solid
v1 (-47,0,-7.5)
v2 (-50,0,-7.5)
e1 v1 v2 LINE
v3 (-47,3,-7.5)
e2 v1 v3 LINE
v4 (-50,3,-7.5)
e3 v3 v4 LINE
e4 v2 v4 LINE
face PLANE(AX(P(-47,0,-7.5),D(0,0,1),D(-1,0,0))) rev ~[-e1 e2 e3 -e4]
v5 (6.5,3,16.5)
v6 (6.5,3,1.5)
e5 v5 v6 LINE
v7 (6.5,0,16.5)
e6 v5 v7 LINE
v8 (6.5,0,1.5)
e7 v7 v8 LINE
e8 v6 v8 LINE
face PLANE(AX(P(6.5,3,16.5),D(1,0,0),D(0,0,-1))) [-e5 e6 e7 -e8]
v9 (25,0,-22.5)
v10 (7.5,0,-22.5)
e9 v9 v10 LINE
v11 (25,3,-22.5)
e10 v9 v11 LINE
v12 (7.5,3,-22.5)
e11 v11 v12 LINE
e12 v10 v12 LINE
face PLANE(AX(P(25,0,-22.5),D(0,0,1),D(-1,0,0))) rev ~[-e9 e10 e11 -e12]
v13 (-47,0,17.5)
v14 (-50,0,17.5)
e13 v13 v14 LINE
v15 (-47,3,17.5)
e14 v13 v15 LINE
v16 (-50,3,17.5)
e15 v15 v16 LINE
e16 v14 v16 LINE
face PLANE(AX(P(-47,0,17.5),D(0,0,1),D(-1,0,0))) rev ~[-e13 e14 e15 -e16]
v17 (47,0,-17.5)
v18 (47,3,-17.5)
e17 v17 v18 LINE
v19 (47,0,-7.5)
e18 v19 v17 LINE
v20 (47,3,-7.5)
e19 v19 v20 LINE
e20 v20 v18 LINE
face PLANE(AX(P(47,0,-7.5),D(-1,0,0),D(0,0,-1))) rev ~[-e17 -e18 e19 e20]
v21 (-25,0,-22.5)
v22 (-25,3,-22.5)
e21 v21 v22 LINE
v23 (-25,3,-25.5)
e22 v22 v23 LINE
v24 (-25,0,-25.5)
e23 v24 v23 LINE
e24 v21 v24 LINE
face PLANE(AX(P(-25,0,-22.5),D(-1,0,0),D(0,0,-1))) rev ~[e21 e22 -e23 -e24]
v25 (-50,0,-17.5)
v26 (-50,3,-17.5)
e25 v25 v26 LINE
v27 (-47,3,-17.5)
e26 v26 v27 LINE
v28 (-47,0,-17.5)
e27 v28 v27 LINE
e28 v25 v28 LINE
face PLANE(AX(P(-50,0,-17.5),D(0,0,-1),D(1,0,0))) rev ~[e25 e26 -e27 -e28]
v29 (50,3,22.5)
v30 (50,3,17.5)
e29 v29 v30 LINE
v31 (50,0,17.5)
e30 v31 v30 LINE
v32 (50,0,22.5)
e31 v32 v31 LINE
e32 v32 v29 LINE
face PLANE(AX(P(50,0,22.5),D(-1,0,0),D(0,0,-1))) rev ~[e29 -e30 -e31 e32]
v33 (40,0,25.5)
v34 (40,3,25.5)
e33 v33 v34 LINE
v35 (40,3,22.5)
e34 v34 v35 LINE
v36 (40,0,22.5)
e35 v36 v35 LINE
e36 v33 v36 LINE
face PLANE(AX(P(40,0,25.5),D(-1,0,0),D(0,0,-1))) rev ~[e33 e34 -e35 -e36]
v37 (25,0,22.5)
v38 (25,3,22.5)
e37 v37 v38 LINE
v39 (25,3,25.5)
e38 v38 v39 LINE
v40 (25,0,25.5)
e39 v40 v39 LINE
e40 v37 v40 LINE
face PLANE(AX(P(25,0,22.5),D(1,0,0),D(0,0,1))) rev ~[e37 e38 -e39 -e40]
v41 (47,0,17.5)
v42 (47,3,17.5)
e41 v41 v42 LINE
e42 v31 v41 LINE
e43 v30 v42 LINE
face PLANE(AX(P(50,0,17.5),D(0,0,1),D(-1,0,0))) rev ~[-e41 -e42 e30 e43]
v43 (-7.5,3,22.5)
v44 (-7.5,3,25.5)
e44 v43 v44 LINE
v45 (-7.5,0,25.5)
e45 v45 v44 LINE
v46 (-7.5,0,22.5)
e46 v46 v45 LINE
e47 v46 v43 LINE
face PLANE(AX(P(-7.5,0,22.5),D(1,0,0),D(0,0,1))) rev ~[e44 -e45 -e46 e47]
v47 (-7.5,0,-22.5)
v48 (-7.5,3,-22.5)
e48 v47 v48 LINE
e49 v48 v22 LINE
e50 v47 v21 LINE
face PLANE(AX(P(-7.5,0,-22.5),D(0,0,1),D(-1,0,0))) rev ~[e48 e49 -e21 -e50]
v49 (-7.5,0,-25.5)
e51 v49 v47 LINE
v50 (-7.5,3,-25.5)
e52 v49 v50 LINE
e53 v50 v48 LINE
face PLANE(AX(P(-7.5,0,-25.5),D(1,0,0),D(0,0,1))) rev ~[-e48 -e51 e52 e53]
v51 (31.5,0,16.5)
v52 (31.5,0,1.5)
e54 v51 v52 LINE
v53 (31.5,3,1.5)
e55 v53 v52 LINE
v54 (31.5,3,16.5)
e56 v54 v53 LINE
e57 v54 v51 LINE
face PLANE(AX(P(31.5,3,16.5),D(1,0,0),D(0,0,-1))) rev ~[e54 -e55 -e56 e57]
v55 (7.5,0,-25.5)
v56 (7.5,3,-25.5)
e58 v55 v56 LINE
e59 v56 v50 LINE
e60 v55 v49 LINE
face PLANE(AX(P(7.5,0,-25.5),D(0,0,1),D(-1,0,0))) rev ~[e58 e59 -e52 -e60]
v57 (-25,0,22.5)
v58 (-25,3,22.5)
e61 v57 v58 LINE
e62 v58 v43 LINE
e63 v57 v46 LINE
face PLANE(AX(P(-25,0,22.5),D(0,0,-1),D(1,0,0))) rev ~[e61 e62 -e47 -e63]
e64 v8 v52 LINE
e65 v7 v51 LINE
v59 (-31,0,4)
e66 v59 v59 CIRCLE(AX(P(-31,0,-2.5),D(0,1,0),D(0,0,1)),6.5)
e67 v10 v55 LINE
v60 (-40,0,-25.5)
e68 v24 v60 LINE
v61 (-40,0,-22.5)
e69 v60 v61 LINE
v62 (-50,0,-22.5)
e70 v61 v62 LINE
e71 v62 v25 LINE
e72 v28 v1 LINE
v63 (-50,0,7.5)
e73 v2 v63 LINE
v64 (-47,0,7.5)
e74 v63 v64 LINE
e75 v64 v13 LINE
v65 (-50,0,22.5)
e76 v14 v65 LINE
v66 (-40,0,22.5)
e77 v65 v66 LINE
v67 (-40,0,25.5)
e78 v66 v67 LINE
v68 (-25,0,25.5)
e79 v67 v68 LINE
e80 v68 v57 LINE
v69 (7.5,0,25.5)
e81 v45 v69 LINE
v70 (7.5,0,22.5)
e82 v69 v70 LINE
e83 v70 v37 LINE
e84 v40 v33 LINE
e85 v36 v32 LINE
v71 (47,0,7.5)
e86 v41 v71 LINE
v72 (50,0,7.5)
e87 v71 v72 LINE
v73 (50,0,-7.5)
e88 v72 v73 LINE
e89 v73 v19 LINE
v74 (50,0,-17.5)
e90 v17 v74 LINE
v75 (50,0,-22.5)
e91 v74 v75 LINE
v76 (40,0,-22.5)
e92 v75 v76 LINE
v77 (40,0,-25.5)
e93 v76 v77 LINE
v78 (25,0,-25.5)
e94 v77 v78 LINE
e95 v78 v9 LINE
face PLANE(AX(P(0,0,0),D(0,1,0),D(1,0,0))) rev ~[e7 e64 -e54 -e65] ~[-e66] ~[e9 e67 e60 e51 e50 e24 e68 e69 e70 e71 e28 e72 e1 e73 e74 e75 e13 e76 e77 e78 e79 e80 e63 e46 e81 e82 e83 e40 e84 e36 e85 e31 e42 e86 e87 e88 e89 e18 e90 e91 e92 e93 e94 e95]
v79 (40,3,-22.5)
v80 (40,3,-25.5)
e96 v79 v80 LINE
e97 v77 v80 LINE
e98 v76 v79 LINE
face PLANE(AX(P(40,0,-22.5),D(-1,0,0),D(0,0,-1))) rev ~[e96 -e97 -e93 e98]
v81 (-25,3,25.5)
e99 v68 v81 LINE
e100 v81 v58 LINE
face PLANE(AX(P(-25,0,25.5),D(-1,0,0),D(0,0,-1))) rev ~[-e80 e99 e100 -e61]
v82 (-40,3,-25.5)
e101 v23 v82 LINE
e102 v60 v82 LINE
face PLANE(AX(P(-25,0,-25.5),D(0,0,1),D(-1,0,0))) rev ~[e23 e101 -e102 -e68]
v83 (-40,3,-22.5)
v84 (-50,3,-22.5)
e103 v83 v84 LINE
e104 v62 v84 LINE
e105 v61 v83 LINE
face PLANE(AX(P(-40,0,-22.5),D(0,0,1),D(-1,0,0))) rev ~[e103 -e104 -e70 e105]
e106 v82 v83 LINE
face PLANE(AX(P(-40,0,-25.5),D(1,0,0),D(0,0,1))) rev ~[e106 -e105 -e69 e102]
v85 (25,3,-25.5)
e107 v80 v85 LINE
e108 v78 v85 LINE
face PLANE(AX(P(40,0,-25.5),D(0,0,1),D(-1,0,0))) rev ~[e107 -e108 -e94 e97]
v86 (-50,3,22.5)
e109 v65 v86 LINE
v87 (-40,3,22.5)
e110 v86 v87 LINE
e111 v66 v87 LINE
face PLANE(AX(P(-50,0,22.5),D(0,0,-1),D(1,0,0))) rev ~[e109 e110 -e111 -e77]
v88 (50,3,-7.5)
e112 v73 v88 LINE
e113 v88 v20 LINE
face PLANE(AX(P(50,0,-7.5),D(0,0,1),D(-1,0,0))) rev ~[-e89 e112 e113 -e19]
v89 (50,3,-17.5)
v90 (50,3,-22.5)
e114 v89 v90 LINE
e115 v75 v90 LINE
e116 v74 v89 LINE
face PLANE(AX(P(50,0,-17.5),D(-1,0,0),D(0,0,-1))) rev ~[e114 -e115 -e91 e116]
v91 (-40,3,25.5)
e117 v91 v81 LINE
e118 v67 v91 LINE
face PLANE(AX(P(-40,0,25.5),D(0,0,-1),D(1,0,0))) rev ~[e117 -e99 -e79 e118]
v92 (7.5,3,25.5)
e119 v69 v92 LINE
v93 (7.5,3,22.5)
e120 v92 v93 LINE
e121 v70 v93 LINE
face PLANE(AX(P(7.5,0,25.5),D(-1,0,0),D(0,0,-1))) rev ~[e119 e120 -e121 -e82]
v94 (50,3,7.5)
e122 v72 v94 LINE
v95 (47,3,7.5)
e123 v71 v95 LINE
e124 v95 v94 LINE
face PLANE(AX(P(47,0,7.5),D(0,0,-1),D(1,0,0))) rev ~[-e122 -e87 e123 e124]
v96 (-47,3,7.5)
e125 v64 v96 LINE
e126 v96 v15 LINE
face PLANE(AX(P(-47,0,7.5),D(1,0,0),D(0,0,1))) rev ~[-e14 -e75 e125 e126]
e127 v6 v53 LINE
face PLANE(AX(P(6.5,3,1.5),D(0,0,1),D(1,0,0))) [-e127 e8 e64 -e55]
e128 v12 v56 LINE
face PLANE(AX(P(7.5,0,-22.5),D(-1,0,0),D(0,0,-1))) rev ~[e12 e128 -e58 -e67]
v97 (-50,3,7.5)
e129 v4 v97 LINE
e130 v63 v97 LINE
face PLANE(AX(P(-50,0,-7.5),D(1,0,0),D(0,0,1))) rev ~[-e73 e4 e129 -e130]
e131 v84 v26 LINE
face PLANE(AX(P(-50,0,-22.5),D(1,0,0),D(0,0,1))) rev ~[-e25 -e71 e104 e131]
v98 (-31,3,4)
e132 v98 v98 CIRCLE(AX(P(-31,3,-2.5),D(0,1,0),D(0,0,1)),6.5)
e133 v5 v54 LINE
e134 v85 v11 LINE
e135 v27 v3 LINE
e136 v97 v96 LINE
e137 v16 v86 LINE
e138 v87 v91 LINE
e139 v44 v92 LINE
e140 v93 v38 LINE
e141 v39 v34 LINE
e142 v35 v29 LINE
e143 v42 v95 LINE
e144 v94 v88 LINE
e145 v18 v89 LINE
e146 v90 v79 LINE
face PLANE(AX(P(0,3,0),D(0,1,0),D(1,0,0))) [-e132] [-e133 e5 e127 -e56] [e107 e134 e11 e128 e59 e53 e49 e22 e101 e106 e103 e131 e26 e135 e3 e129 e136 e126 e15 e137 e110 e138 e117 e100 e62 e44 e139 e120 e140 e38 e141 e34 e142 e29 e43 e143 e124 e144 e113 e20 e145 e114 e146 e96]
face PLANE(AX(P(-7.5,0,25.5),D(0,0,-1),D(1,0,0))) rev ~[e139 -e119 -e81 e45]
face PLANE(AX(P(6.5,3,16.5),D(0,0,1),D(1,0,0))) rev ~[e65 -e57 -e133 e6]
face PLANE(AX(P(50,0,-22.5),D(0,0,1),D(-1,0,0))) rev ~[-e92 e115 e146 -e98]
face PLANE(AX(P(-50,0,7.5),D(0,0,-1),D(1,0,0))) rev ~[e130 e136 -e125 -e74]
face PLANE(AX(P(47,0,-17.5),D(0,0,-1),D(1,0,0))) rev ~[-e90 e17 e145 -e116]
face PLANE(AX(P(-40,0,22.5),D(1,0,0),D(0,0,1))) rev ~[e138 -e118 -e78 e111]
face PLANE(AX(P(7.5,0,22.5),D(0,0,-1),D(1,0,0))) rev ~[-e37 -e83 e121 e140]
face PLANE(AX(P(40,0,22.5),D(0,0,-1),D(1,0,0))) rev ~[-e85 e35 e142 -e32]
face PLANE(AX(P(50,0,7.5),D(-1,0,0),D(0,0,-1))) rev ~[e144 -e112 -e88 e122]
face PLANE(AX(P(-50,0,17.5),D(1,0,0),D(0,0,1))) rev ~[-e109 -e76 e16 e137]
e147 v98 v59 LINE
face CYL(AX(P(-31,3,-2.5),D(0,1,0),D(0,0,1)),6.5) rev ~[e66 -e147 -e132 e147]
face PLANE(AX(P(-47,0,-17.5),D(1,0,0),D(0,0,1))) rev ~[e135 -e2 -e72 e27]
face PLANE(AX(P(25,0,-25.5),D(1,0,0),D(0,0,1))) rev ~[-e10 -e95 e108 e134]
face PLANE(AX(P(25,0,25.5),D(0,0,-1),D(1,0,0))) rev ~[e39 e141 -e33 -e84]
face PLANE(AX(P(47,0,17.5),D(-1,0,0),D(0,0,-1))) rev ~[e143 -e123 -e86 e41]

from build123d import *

# Parameters (mm, degrees)
EXTRUDE_1_DEPTH     = 3
SKETCH_2_R          = 6.5
SKETCH_2_W          = 25
SKETCH_2_H          = 15
CUT_EXTRUDE_1_DEPTH = 57.207205944


with BuildPart() as part:
    # 草图1 → 凸台-拉伸1 (new body)
    with BuildSketch(Plane(origin=(0, 0, 0), x_dir=(1, 0, 0), z_dir=(0, 1, 0))):
        Polygon((-50, -22.5), (-40, -22.5), (-40, -25.5), (-25, -25.5), (-25, -22.5), (-7.5, -22.5), (-7.5, -25.5), (7.5, -25.5), (7.5, -22.5), (25, -22.5), (25, -25.5), (40, -25.5), (40, -22.5), (50, -22.5), (50, -17.5), (47, -17.5), (47, -7.5), (50, -7.5), (50, 7.5), (47, 7.5), (47, 17.5), (50, 17.5), (50, 22.5), (40, 22.5), (40, 25.5), (25, 25.5), (25, 22.5), (7.5, 22.5), (7.5, 25.5), (-7.5, 25.5), (-7.5, 22.5), (-25, 22.5), (-25, 25.5), (-40, 25.5), (-40, 22.5), (-50, 22.5), (-50, 17.5), (-47, 17.5), (-47, 7.5), (-50, 7.5), (-50, -7.5), (-47, -7.5), (-47, -17.5), (-50, -17.5), align=None)
    extrude(amount=EXTRUDE_1_DEPTH)

    # 草图2 → 切除-拉伸1 (cut, through all)
    with BuildSketch(Plane(origin=(0, 3, 0), x_dir=(1, 0, 0), z_dir=(0, 1, 0))):
        with Locations(Location((-31, 2.5, 0), (0, 0, 270))):
            Circle(SKETCH_2_R)
        with Locations((19, -9)):
            Rectangle(SKETCH_2_W, SKETCH_2_H)
    extrude(amount=-CUT_EXTRUDE_1_DEPTH, mode=Mode.SUBTRACT)


solid = part.part
